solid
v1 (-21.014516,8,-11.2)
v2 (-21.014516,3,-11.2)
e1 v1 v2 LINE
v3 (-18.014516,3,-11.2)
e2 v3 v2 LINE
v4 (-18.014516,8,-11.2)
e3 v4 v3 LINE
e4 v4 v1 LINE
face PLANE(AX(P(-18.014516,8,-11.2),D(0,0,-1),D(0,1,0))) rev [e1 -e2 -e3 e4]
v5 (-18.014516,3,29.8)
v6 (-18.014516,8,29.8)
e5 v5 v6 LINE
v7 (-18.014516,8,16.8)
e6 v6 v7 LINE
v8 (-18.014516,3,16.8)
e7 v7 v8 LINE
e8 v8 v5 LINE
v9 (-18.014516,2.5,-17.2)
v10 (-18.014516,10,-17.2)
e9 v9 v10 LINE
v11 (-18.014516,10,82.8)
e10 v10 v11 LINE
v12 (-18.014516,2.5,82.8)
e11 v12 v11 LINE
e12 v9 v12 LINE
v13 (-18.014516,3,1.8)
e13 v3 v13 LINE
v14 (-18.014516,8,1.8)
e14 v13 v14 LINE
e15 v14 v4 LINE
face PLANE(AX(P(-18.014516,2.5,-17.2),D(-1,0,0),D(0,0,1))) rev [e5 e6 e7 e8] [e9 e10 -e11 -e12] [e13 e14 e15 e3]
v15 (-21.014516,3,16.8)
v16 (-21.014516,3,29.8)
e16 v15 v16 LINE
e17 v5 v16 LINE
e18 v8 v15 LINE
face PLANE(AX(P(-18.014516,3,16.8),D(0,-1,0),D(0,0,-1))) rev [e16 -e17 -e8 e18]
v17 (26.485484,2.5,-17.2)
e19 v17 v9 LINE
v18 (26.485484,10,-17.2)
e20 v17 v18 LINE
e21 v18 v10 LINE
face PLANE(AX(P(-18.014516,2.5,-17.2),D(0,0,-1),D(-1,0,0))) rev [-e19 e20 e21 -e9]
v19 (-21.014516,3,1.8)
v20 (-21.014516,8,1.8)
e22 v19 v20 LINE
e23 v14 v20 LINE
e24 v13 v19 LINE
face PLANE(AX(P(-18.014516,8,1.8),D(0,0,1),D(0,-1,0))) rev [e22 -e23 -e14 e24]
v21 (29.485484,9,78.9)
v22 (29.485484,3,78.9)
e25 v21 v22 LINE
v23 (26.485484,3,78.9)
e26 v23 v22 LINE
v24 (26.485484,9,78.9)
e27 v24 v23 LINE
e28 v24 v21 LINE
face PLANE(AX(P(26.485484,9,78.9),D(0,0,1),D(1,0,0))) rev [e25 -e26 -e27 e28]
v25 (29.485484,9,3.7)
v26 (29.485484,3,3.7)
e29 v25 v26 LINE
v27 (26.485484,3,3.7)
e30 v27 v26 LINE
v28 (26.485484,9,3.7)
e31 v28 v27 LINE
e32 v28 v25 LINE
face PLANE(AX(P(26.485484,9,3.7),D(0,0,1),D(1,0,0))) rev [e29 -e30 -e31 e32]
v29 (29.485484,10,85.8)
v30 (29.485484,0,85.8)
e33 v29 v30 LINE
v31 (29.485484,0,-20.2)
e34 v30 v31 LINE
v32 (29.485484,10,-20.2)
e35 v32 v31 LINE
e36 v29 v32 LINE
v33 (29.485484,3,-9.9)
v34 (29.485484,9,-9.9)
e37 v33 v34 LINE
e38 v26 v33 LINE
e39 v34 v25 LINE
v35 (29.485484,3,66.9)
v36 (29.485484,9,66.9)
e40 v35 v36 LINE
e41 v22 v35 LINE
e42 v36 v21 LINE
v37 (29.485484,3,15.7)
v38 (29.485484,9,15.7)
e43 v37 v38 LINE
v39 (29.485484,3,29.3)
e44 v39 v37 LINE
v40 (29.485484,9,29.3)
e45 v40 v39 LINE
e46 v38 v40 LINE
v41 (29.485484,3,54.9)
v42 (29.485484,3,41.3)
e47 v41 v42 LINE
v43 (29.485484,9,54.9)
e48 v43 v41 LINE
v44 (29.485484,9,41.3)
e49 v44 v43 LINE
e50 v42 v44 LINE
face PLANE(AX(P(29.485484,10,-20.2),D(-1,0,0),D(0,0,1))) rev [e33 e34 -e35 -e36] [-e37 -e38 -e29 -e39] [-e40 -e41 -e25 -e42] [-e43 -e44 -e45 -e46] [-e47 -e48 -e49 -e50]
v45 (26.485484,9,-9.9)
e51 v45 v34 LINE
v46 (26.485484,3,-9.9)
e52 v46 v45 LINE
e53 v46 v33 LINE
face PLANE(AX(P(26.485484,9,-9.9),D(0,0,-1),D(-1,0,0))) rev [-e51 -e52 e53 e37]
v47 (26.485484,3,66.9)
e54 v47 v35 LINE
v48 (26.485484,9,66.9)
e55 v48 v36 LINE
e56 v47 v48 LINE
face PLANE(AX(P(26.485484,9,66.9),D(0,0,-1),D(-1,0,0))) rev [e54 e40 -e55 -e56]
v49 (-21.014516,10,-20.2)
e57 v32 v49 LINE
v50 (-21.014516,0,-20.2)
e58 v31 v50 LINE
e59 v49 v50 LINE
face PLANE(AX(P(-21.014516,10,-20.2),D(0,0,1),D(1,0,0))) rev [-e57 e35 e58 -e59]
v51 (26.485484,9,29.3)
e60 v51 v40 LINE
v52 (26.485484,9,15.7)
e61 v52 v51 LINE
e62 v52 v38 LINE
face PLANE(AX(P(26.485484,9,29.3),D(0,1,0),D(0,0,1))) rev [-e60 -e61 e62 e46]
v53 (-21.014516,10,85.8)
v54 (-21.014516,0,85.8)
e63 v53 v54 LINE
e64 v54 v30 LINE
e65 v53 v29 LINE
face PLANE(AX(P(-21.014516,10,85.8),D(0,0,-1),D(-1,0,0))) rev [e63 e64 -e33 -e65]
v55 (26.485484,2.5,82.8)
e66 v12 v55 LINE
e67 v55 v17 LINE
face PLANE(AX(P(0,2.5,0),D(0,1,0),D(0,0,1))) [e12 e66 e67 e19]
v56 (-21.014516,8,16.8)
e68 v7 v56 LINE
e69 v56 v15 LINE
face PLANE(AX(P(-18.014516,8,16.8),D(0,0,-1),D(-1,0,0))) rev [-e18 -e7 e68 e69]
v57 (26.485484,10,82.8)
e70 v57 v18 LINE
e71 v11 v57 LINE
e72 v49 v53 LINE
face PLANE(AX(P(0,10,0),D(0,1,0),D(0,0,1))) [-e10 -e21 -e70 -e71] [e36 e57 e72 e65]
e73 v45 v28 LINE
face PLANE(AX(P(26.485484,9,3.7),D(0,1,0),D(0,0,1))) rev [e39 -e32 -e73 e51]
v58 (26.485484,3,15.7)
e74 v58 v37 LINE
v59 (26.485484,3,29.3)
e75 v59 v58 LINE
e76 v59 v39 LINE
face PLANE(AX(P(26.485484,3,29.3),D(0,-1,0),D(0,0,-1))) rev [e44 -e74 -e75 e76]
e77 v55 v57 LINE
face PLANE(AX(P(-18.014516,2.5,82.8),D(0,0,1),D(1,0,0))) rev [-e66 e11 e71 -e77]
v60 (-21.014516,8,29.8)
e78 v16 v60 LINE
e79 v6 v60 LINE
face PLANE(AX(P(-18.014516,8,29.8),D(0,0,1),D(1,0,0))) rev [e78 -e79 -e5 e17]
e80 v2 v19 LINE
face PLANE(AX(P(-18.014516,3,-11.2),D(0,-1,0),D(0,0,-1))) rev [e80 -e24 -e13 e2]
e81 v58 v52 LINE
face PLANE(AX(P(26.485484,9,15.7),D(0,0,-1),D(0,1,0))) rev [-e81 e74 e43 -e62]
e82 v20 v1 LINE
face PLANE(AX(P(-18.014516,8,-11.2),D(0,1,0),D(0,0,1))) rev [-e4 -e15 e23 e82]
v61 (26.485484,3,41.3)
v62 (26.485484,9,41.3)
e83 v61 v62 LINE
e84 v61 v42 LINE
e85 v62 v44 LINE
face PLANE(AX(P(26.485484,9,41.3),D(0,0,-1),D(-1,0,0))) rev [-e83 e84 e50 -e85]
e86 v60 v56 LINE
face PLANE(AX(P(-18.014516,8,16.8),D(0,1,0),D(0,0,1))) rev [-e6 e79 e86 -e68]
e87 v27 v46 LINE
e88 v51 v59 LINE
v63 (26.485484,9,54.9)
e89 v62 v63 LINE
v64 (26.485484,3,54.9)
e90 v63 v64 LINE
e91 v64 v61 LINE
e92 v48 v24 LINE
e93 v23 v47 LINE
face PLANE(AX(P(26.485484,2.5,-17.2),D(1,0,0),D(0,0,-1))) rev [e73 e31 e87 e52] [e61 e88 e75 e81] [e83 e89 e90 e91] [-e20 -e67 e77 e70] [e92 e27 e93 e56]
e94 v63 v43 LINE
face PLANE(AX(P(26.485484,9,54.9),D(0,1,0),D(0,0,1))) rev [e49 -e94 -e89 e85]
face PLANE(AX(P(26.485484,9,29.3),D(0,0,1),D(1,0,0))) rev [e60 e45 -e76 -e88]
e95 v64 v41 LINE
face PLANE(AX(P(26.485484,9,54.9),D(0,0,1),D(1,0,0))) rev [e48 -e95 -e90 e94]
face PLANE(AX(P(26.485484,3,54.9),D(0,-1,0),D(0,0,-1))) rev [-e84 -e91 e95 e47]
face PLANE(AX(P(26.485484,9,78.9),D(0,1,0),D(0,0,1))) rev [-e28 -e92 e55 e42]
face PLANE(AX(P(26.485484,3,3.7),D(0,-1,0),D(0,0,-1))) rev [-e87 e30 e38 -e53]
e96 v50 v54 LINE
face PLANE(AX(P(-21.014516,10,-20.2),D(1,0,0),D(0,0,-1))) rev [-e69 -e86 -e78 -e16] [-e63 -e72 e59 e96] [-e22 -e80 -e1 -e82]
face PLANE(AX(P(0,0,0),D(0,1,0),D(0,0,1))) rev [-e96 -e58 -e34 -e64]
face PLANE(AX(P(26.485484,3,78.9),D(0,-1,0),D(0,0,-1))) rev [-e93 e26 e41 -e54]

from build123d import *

# Parameters (mm, degrees)
SKETCH_1_W          = 50.5
SKETCH_1_H          = 106
EXTRUDE_1_DEPTH     = 10
SKETCH_4_W          = 44.5
SKETCH_4_H          = 100
EXTRUDE_7_DEPTH     = 7
SKETCH_4_4_W        = 44.5
SKETCH_4_4_H        = 100
CUT_EXTRUDE_1_DEPTH = 7.5
SKETCH_6_W          = 13
SKETCH_6_H          = 5
CUT_EXTRUDE_2_DEPTH = 3
SKETCH_7_W          = 13.6
SKETCH_7_H          = 6
SKETCH_7_W_2        = 12
CUT_EXTRUDE_3_DEPTH = 3


with BuildPart() as part:
    # 草图1 → 凸台-拉伸1 (new body)
    with BuildSketch(Plane(origin=(0, 0, 0), x_dir=(1, 0, 0), z_dir=(0, 1, 0))):
        with Locations((4.235483871, -32.8)):
            Rectangle(SKETCH_1_W, SKETCH_1_H)
    extrude(amount=EXTRUDE_1_DEPTH)

    # 草图4 → 凸台-拉伸7 (add)
    with BuildSketch(Plane(origin=(0, 10, 0), x_dir=(1, 0, 0), z_dir=(0, 1, 0))):
        with Locations((4.235483871, -32.8)):
            Rectangle(SKETCH_4_W, SKETCH_4_H)
    extrude(amount=-EXTRUDE_7_DEPTH)

    # 草图4<4> → 切除-拉伸1 (cut)
    with BuildSketch(Plane(origin=(0, 10, 0), x_dir=(1, 0, 0), z_dir=(0, 1, 0))):
        with Locations((4.235483871, -32.8)):
            Rectangle(SKETCH_4_4_W, SKETCH_4_4_H)
    extrude(amount=-CUT_EXTRUDE_1_DEPTH, mode=Mode.SUBTRACT)

    # 草图6 → 切除-拉伸2 (cut)
    with BuildSketch(Plane.ZY.offset(21.014516129)):
        with Locations((-4.7, 5.5)):
            Rectangle(SKETCH_6_W, SKETCH_6_H)
        with Locations((23.3, 5.5)):
            Rectangle(SKETCH_6_W, SKETCH_6_H)
    extrude(amount=-CUT_EXTRUDE_2_DEPTH, mode=Mode.SUBTRACT)

    # 草图7 → 切除-拉伸3 (cut)
    with BuildSketch(Plane(origin=(29.485483871, 0, 0), x_dir=(0, 0, -1), z_dir=(1, 0, 0))):
        with Locations((3.1, 6)):
            Rectangle(SKETCH_7_W, SKETCH_7_H)
        with Locations((-22.5, 6)):
            Rectangle(SKETCH_7_W, SKETCH_7_H)
        with Locations((-48.1, 6)):
            Rectangle(SKETCH_7_W, SKETCH_7_H)
        with Locations((-72.9, 6)):
            Rectangle(SKETCH_7_W_2, SKETCH_7_H)
    extrude(amount=-CUT_EXTRUDE_3_DEPTH, mode=Mode.SUBTRACT)


solid = part.part
